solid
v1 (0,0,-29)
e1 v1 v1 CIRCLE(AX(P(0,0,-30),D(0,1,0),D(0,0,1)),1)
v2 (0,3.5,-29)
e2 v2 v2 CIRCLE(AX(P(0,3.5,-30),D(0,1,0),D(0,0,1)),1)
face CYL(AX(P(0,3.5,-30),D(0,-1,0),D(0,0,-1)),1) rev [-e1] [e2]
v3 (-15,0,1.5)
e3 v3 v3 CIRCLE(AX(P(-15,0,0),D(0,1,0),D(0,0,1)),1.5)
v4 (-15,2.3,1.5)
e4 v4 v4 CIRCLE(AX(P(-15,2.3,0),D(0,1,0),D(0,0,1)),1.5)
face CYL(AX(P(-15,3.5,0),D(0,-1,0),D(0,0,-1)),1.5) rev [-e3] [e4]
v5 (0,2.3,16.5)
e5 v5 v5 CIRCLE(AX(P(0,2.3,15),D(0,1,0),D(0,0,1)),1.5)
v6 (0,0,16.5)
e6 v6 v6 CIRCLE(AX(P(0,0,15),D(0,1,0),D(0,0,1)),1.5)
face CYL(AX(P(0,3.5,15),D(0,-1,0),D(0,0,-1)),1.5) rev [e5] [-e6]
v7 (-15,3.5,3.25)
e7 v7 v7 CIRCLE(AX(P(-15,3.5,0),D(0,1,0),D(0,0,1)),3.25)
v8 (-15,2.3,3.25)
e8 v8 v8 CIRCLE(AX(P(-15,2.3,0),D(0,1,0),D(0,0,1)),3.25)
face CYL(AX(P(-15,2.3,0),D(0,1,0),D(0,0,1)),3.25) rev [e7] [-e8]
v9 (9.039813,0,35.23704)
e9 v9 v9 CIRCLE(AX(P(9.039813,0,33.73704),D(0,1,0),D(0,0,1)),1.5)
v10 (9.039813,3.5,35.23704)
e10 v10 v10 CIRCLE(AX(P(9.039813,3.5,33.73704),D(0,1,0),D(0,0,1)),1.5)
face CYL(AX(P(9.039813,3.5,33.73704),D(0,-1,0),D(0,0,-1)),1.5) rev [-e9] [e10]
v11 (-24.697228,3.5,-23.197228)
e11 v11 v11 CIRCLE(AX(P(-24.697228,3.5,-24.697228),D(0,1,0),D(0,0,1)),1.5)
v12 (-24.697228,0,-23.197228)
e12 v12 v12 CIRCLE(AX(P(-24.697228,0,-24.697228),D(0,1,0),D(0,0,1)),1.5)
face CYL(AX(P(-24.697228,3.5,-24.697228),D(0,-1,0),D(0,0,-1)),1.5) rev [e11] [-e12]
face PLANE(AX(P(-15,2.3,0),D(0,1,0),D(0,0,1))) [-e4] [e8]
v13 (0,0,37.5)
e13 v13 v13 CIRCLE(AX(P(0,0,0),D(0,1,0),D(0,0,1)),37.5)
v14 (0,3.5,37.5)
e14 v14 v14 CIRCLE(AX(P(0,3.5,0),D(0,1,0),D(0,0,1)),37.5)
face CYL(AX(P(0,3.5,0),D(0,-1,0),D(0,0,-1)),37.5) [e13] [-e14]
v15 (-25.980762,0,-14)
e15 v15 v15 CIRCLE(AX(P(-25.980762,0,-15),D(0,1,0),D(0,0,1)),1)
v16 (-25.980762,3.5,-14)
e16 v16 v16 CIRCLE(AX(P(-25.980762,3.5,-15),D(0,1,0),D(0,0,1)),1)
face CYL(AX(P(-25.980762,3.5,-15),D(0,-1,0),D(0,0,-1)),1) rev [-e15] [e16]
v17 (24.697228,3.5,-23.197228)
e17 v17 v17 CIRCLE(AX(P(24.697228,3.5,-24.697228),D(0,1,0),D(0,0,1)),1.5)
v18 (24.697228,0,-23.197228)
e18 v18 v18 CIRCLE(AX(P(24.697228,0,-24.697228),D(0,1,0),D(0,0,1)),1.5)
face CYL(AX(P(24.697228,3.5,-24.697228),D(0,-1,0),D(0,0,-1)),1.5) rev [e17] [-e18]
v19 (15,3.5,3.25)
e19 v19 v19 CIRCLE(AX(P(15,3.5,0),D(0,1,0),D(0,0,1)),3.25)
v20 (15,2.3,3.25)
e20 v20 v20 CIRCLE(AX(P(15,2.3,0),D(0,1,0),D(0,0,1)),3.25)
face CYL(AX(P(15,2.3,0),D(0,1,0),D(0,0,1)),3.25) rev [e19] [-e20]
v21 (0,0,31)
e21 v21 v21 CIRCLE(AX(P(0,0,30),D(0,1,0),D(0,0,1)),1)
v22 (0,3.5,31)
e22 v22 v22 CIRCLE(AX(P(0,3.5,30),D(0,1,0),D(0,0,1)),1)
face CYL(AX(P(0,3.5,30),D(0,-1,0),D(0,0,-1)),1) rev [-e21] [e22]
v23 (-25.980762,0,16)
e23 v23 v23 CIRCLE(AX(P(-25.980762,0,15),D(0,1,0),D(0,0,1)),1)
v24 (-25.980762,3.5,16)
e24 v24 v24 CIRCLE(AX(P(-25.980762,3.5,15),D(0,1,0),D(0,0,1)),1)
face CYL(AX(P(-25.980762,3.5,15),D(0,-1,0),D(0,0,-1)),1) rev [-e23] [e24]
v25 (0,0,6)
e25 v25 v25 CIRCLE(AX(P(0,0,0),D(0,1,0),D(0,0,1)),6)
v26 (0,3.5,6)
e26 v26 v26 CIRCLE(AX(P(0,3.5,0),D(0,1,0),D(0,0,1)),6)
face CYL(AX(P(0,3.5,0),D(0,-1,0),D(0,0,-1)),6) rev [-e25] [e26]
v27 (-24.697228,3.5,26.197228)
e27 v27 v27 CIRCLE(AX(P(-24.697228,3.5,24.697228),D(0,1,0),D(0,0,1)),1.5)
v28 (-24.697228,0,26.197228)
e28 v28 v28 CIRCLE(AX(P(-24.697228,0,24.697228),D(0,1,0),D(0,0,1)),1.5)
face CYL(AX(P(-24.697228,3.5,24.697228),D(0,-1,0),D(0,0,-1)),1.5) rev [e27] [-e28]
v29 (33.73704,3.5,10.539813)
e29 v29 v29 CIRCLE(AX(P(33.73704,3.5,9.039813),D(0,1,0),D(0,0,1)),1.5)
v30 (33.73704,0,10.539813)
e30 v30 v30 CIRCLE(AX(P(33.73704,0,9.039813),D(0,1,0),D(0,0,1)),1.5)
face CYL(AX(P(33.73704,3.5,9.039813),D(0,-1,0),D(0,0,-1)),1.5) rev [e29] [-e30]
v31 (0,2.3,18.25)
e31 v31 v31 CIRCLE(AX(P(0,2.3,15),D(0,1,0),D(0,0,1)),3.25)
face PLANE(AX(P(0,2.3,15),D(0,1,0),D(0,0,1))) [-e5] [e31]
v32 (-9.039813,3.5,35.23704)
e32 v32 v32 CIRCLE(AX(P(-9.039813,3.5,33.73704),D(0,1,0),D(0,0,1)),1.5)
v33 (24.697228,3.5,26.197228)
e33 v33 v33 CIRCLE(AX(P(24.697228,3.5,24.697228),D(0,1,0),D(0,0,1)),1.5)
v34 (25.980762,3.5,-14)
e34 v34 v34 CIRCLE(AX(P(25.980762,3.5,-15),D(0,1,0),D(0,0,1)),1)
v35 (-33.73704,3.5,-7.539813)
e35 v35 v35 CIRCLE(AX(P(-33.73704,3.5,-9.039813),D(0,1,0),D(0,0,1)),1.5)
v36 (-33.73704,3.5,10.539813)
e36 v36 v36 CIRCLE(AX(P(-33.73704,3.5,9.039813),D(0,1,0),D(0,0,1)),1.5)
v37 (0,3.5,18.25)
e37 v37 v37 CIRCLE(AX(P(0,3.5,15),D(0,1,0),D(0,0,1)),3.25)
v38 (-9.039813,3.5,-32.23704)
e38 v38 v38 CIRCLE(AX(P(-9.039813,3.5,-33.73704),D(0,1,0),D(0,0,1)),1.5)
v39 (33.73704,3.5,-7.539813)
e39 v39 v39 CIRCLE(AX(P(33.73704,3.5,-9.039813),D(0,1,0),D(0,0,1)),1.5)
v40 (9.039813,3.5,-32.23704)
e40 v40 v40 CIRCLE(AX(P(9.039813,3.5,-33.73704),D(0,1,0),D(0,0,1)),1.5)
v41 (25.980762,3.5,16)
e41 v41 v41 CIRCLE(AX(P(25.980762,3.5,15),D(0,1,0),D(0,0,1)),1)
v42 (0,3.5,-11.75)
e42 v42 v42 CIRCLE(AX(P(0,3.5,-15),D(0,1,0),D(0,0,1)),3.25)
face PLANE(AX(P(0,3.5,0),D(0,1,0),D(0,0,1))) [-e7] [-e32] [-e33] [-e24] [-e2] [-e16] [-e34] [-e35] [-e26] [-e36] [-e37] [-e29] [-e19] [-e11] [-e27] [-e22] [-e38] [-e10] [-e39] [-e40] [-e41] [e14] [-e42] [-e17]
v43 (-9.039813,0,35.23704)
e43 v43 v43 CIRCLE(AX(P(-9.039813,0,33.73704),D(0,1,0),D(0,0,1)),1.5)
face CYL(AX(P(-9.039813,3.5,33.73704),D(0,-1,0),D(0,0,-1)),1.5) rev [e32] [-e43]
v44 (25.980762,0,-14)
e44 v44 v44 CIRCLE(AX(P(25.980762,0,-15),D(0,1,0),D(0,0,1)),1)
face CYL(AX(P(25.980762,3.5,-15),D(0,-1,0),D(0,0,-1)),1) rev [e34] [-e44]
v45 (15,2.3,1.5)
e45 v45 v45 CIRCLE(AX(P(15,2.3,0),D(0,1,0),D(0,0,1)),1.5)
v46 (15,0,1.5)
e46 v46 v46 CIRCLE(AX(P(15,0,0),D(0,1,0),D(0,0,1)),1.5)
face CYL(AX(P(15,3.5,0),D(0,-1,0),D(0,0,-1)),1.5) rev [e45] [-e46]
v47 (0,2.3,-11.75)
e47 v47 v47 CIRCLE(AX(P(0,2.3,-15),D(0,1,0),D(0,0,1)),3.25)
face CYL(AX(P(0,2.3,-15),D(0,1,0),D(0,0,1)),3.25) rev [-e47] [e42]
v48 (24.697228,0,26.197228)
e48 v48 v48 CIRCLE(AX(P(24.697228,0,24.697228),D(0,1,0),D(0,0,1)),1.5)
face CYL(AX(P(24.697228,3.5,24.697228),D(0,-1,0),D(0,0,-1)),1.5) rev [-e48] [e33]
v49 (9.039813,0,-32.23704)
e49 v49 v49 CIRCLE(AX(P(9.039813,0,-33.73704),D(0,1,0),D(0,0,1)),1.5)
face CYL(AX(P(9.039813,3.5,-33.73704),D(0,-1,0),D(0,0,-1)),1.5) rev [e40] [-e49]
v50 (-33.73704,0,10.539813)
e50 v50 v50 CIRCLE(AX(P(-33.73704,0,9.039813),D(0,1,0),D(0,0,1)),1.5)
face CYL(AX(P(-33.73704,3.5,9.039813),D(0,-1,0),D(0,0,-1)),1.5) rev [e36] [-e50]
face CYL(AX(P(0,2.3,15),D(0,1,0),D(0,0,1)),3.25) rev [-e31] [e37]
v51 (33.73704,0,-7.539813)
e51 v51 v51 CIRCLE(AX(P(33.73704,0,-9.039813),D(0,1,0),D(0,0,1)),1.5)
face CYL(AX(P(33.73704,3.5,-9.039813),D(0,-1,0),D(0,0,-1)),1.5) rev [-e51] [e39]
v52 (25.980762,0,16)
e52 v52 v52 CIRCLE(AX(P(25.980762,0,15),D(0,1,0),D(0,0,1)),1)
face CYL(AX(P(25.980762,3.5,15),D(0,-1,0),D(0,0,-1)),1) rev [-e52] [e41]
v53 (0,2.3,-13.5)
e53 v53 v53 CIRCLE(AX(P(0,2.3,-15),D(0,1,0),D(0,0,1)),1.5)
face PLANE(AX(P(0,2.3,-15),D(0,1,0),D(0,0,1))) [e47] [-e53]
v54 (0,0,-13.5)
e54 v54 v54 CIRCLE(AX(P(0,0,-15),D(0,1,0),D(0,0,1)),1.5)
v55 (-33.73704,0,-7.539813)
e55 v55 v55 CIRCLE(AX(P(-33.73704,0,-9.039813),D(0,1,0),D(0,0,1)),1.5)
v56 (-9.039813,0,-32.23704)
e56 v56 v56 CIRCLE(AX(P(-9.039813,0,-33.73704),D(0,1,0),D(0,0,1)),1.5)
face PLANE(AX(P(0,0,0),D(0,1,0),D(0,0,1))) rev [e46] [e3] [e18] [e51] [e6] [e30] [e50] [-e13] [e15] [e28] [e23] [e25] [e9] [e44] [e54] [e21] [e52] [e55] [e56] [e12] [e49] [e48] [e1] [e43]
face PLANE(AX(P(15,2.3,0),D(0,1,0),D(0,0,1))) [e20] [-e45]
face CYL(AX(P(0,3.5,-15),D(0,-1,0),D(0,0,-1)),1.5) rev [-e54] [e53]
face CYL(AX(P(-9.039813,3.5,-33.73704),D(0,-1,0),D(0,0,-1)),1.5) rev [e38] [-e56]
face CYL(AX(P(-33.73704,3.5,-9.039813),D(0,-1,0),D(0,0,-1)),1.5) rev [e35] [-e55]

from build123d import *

# Parameters (mm, degrees)
SKETCH1_R           = 37.5
SKETCH1_R_2         = 6
SKETCH1_R_3         = 1.5
SKETCH1_R_4         = 1
BOSS_EXTRUDE1_DEPTH = 3.5
SKETCH2_R           = 3.25
CUT_EXTRUDE1_DEPTH  = 1.2


with BuildPart() as part:
    # Sketch1 → Boss-Extrude1 (new body)
    with BuildSketch(Plane(origin=(0, 0, 0), x_dir=(1, 0, 0), z_dir=(0, 1, 0))):
        with Locations(Location((0, 0, 0), (0, 0, 270))):
            Circle(SKETCH1_R)
        with Locations(Location((0, 0, 0), (0, 0, 270))):
            Circle(SKETCH1_R_2, mode=Mode.SUBTRACT)
        with Locations(Location((0, 15, 0), (0, 0, 270))):
            Circle(SKETCH1_R_3, mode=Mode.SUBTRACT)
        with Locations(Location((15, 0, 0), (0, 0, 270))):
            Circle(SKETCH1_R_3, mode=Mode.SUBTRACT)
        with Locations(Location((0, -15, 0), (0, 0, 270))):
            Circle(SKETCH1_R_3, mode=Mode.SUBTRACT)
        with Locations(Location((-15, 0, 0), (0, 0, 270))):
            Circle(SKETCH1_R_3, mode=Mode.SUBTRACT)
        with Locations(Location((-33.737040436, -9.03981274, 0), (0, 0, 270))):
            Circle(SKETCH1_R_3, mode=Mode.SUBTRACT)
        with Locations(Location((-33.737040436, 9.03981274, 0), (0, 0, 270))):
            Circle(SKETCH1_R_3, mode=Mode.SUBTRACT)
        with Locations(Location((-24.697227696, 24.697227696, 0), (0, 0, 270))):
            Circle(SKETCH1_R_3, mode=Mode.SUBTRACT)
        with Locations(Location((-9.03981274, 33.737040436, 0), (0, 0, 270))):
            Circle(SKETCH1_R_3, mode=Mode.SUBTRACT)
        with Locations(Location((9.03981274, 33.737040436, 0), (0, 0, 270))):
            Circle(SKETCH1_R_3, mode=Mode.SUBTRACT)
        with Locations(Location((24.697227696, 24.697227696, 0), (0, 0, 270))):
            Circle(SKETCH1_R_3, mode=Mode.SUBTRACT)
        with Locations(Location((33.737040436, 9.03981274, 0), (0, 0, 270))):
            Circle(SKETCH1_R_3, mode=Mode.SUBTRACT)
        with Locations(Location((33.737040436, -9.03981274, 0), (0, 0, 270))):
            Circle(SKETCH1_R_3, mode=Mode.SUBTRACT)
        with Locations(Location((24.697227696, -24.697227696, 0), (0, 0, 270))):
            Circle(SKETCH1_R_3, mode=Mode.SUBTRACT)
        with Locations(Location((9.03981274, -33.737040436, 0), (0, 0, 270))):
            Circle(SKETCH1_R_3, mode=Mode.SUBTRACT)
        with Locations(Location((-9.03981274, -33.737040436, 0), (0, 0, 270))):
            Circle(SKETCH1_R_3, mode=Mode.SUBTRACT)
        with Locations(Location((-24.697227696, -24.697227696, 0), (0, 0, 270))):
            Circle(SKETCH1_R_3, mode=Mode.SUBTRACT)
        with Locations(Location((0, 30, 0), (0, 0, 270))):
            Circle(SKETCH1_R_4, mode=Mode.SUBTRACT)
        with Locations(Location((25.980762114, 15, 0), (0, 0, 270))):
            Circle(SKETCH1_R_4, mode=Mode.SUBTRACT)
        with Locations(Location((25.980762114, -15, 0), (0, 0, 270))):
            Circle(SKETCH1_R_4, mode=Mode.SUBTRACT)
        with Locations(Location((0, -30, 0), (0, 0, 270))):
            Circle(SKETCH1_R_4, mode=Mode.SUBTRACT)
        with Locations(Location((-25.980762114, -15, 0), (0, 0, 270))):
            Circle(SKETCH1_R_4, mode=Mode.SUBTRACT)
        with Locations(Location((-25.980762114, 15, 0), (0, 0, 270))):
            Circle(SKETCH1_R_4, mode=Mode.SUBTRACT)
    extrude(amount=BOSS_EXTRUDE1_DEPTH)

    # Sketch2 → Cut-Extrude1 (cut)
    with BuildSketch(Plane(origin=(0, 3.5, 0), x_dir=(1, 0, 0), z_dir=(0, 1, 0))):
        with Locations(Location((0, 15, 0), (0, 0, 270))):
            Circle(SKETCH2_R)
        with Locations(Location((15, 0, 0), (0, 0, 270))):
            Circle(SKETCH2_R)
        with Locations(Location((0, -15, 0), (0, 0, 270))):
            Circle(SKETCH2_R)
        with Locations(Location((-15, 0, 0), (0, 0, 270))):
            Circle(SKETCH2_R)
    extrude(amount=-CUT_EXTRUDE1_DEPTH, mode=Mode.SUBTRACT)


solid = part.part
